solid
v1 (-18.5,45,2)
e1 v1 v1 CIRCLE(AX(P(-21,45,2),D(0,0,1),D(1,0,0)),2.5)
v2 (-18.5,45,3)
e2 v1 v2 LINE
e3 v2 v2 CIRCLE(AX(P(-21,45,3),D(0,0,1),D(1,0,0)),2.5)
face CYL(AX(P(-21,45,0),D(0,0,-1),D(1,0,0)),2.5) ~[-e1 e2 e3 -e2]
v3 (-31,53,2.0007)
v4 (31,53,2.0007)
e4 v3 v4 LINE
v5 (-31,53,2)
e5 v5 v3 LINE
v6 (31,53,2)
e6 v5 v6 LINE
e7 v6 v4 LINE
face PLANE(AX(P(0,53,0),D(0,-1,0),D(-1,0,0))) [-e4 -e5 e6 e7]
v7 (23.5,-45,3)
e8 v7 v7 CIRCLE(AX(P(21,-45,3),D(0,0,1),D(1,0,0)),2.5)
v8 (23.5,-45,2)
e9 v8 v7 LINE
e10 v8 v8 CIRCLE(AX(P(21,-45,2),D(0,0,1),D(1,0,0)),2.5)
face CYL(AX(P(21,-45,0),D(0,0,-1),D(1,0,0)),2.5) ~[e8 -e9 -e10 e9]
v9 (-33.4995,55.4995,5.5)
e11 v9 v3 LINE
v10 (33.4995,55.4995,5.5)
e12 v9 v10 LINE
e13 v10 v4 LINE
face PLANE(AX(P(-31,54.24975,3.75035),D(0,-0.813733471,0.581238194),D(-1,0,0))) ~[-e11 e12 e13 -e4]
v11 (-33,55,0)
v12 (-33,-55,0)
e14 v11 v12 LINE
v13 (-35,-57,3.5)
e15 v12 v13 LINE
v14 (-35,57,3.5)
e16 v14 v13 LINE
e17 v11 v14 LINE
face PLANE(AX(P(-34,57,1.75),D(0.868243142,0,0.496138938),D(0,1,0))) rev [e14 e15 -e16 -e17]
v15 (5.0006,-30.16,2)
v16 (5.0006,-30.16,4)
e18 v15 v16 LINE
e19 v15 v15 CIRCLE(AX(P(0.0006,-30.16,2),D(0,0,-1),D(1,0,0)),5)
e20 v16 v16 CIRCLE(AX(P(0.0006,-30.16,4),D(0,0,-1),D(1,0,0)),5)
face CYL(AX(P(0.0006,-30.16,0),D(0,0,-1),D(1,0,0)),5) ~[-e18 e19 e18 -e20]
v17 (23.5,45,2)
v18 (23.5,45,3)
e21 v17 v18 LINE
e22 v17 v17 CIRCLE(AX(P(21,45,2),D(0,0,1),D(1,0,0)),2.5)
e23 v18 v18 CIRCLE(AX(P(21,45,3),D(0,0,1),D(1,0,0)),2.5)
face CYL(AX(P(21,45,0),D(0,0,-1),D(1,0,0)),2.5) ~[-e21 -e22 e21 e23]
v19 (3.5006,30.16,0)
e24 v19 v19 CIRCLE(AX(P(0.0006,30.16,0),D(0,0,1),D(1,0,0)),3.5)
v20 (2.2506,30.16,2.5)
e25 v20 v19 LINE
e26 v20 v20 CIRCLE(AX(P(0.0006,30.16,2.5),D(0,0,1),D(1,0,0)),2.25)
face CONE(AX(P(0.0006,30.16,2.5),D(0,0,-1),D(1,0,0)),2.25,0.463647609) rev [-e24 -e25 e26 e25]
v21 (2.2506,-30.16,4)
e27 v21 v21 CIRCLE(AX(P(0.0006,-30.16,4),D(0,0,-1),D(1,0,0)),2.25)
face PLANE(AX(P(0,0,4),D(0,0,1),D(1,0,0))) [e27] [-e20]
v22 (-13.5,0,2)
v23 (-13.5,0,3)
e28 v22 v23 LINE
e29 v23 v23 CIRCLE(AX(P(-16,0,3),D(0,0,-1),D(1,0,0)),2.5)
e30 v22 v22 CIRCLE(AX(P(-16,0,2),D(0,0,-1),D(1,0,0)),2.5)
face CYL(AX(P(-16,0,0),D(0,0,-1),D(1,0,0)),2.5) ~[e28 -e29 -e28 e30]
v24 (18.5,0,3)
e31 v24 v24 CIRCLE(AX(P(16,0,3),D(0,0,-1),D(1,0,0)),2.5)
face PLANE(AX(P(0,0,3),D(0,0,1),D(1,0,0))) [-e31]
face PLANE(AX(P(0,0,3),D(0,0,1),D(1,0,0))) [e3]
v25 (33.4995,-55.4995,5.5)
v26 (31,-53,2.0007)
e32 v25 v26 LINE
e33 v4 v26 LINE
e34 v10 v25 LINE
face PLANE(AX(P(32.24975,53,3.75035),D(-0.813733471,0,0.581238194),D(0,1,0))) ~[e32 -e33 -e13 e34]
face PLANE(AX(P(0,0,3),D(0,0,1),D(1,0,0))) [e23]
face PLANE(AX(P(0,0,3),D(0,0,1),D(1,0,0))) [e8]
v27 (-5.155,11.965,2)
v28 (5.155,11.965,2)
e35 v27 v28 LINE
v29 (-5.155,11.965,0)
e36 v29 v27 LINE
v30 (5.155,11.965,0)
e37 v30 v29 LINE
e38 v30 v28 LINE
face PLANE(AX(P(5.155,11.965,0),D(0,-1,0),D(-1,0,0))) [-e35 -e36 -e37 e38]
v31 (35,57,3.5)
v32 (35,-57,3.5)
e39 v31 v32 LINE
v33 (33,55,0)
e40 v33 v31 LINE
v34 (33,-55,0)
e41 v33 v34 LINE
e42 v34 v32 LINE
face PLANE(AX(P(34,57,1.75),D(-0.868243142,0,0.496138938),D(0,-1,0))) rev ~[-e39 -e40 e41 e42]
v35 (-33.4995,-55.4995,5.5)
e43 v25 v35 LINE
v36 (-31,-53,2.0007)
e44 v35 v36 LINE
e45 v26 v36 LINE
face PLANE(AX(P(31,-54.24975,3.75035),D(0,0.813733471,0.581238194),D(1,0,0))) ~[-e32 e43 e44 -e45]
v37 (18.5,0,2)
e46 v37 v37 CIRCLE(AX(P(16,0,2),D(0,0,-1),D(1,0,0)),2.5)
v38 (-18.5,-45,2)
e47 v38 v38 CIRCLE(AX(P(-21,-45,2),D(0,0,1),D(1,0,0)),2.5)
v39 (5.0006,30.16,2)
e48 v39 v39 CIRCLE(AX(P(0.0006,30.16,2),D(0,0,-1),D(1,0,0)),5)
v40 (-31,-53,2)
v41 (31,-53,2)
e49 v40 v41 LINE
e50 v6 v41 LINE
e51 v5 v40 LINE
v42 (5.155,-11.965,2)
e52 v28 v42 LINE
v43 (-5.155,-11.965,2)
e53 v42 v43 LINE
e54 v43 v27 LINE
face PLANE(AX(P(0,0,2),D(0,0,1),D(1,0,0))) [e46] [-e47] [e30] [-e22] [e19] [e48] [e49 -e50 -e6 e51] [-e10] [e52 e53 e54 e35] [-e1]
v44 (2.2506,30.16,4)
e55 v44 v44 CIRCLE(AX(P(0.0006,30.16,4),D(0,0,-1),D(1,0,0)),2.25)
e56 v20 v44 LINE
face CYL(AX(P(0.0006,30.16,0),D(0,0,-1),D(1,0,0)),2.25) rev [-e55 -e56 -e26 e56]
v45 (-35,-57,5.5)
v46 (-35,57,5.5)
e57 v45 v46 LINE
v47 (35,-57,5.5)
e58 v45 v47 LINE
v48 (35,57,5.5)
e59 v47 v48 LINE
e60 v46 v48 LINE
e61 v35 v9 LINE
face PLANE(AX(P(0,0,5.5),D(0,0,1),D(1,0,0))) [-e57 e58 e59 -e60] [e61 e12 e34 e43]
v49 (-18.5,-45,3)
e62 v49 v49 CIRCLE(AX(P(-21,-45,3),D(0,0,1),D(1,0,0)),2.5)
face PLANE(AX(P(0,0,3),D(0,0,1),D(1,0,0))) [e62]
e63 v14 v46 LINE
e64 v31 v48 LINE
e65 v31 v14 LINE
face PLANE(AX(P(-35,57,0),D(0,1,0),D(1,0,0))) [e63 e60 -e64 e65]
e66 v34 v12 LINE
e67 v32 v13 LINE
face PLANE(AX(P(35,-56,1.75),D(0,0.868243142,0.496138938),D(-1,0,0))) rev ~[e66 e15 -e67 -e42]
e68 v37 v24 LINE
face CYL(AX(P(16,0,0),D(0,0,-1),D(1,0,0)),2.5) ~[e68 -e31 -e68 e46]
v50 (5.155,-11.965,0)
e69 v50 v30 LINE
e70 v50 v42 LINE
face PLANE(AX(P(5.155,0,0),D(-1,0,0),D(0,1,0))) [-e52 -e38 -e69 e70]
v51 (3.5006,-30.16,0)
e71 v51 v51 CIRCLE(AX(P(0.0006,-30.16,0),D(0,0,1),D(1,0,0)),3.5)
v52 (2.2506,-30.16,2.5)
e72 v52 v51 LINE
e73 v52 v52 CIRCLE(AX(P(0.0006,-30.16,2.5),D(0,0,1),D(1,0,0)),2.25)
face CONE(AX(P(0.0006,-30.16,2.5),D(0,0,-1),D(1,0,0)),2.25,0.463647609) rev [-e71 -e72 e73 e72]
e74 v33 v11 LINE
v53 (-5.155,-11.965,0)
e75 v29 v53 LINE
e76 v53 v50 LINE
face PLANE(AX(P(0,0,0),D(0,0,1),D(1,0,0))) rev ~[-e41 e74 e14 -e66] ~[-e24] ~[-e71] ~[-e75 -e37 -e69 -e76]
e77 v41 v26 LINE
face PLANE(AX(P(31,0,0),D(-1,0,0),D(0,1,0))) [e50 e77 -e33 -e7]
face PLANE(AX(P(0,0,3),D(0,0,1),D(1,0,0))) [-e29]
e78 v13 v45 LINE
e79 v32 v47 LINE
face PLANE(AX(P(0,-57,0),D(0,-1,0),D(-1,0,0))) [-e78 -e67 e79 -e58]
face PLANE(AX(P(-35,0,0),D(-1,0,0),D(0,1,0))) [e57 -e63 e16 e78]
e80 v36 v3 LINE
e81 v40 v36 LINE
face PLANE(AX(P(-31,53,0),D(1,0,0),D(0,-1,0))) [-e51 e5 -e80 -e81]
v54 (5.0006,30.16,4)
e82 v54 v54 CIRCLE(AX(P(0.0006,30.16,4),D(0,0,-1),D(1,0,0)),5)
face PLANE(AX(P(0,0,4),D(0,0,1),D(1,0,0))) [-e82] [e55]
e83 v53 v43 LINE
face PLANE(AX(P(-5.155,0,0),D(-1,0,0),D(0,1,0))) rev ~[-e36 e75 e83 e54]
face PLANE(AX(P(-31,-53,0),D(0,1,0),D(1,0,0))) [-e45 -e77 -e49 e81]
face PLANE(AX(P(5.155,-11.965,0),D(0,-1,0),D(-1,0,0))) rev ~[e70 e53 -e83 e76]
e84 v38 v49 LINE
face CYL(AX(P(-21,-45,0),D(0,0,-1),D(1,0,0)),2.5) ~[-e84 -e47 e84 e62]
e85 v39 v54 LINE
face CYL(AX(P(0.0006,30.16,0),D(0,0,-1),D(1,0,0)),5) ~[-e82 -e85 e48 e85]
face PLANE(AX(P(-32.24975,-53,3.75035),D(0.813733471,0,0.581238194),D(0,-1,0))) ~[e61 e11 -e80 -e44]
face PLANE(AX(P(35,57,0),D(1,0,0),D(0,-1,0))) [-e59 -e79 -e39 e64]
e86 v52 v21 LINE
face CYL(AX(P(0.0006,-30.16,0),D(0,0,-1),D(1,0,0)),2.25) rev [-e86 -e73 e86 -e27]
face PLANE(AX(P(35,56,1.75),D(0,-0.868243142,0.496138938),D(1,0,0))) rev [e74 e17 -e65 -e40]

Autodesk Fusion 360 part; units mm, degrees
sketch "Sketch1" plane through (0, 0, 0) normal (0, 0, 1) x (1, 0, 0)
  line L0 (-35, 57) -> (35, 57)
  line L1 (35, 57) -> (35, -57)
  line L2 (35, -57) -> (-35, -57)
  line L3 (-35, -57) -> (-35, 57)
  line L4 (-50, 0) -> (50, 0)
  circle A0 centre (0.0006, 30.16) radius 3.5
  circle A1 centre (0.0006, -30.16) radius 3.5
  line L5 (0, 65) -> (0, -65)
  line L6 (5.155, 0) -> (5.155, 11.965)
  line L7 (5.155, 11.965) -> (0, 11.965)
  line L8 (-5.155, 11.965) -> (0, 11.965)
  line L9 (-5.155, 0) -> (-5.155, 11.965)
  line L10 (-5.155, 0) -> (-5.155, -11.965)
  line L11 (5.155, -11.965) -> (0, -11.965)
  line L12 (5.155, 0) -> (5.155, -11.965)
  line L13 (-5.155, -11.965) -> (0, -11.965)
  circle A2 centre (0.0006, 30.16) radius 2.25
  circle A3 centre (0.0006, -30.16) radius 2.25
  circle A4 centre (0.0006, 30.16) radius 5
  circle A5 centre (0.0006, -30.16) radius 5
  circle A6 centre (21, 45) radius 2.5
  circle A7 centre (-21, 45) radius 2.5
  circle A8 centre (21, -45) radius 2.5
  circle A9 centre (-21, -45) radius 2.5
  circle A10 centre (16, 0) radius 2.5
  circle A11 centre (-16, 0) radius 2.5
  line L14 (31, 53) -> (-31, 53)
  line L15 (-31, 53) -> (-31, -53)
  line L16 (-31, -53) -> (31, -53)
  line L17 (31, -53) -> (31, 53)
  dimension "d1" = 60.32
  dimension "d3" = 10.31
  dimension "d4" = 23.93
  dimension "d5" = 4.5
  dimension "d6" = 10
  dimension "d7" = 5
  dimension "d8" = 114
  dimension "d9" = 5
  dimension "d24" = 7
extrude "Extrude1" add sketch "Sketch1" along normal blind 5.5 contours L0 L3 L4 L5 L14 L15 | L0 L1 L4 L5 L14 L17 | L2 L3 L4 L5 L15 L16 | L1 L2 L4 L5 L16 L17 makes body 1
extrude "Extrude2" add sketch "Sketch1" along normal blind 3 separate body contours L4 A11 | L4 A11 | L4 A10 | L4 A10 | A6 | A7 | A8 | A9 makes body 2 at (23.4969, -45.1246, 2) makes body 3 at (-13.5124, -0.2489, 1) makes body 4 at (-18.5031, 44.8754, 2) makes body 5 at (-18.5031, -45.1246, 2) makes body 6 at (18.4876, -0.2489, 1) makes body 7 at (23.4969, 44.8754, 2)
extrude "Extrude3" add sketch "Sketch1" along normal blind 2 contours L4 L5 L6 L7 A4 A10 L14 L17 | L4 L5 L8 L9 A4 A11 L14 L15 | L4 L5 L10 L13 A5 A11 L15 L16 | L4 L5 L11 L12 A5 A10 L16 L17 bodies 1 2 3 4 5 6 7
chamfer "Chamfer1" distance 2.5 distance2 3.5 4 edges at (-31, 0, 5.5) (0, 53, 5.5) (31, 0, 5.5) (0, -53, 5.5) measured on face at (33.6667, -17.6667, 5.5) measured on face at (33.6667, -17.6667, 5.5) measured on face at (33.6667, -17.6667, 5.5) measured on face at (33.6667, -17.6667, 5.5) on bodies 1
chamfer "Chamfer2" distance 2 distance2 3.5 4 edges at (35, 0, 0) (0, -57, 0) (-35, 0, 0) (0, 57, 0) measured on face at (-25.0517, 3.9883, 0) measured on face at (-25.0517, 3.9883, 0) measured on face at (-25.0517, 3.9883, 0) measured on face at (-25.0517, 3.9883, 0) on bodies 1
extrude "Extrude4" add sketch "Sketch1" along normal blind 4 contours A0 L5 A4 | A0 L5 A4 | A0 L5 A2 | A0 L5 A2 | A1 L5 A5 | A1 L5 A5 | A1 L5 A3 | A1 L5 A3 bodies 1
chamfer "Chamfer3" distance 2.5 distance2 1.25 2 edges at (-2.0971, -29.3464, 0) (-2.0971, 30.9736, 0) measured on face at (2.2394, -29.936, 2.6667) measured on face at (2.2394, 30.384, 1.3333) on bodies 1
